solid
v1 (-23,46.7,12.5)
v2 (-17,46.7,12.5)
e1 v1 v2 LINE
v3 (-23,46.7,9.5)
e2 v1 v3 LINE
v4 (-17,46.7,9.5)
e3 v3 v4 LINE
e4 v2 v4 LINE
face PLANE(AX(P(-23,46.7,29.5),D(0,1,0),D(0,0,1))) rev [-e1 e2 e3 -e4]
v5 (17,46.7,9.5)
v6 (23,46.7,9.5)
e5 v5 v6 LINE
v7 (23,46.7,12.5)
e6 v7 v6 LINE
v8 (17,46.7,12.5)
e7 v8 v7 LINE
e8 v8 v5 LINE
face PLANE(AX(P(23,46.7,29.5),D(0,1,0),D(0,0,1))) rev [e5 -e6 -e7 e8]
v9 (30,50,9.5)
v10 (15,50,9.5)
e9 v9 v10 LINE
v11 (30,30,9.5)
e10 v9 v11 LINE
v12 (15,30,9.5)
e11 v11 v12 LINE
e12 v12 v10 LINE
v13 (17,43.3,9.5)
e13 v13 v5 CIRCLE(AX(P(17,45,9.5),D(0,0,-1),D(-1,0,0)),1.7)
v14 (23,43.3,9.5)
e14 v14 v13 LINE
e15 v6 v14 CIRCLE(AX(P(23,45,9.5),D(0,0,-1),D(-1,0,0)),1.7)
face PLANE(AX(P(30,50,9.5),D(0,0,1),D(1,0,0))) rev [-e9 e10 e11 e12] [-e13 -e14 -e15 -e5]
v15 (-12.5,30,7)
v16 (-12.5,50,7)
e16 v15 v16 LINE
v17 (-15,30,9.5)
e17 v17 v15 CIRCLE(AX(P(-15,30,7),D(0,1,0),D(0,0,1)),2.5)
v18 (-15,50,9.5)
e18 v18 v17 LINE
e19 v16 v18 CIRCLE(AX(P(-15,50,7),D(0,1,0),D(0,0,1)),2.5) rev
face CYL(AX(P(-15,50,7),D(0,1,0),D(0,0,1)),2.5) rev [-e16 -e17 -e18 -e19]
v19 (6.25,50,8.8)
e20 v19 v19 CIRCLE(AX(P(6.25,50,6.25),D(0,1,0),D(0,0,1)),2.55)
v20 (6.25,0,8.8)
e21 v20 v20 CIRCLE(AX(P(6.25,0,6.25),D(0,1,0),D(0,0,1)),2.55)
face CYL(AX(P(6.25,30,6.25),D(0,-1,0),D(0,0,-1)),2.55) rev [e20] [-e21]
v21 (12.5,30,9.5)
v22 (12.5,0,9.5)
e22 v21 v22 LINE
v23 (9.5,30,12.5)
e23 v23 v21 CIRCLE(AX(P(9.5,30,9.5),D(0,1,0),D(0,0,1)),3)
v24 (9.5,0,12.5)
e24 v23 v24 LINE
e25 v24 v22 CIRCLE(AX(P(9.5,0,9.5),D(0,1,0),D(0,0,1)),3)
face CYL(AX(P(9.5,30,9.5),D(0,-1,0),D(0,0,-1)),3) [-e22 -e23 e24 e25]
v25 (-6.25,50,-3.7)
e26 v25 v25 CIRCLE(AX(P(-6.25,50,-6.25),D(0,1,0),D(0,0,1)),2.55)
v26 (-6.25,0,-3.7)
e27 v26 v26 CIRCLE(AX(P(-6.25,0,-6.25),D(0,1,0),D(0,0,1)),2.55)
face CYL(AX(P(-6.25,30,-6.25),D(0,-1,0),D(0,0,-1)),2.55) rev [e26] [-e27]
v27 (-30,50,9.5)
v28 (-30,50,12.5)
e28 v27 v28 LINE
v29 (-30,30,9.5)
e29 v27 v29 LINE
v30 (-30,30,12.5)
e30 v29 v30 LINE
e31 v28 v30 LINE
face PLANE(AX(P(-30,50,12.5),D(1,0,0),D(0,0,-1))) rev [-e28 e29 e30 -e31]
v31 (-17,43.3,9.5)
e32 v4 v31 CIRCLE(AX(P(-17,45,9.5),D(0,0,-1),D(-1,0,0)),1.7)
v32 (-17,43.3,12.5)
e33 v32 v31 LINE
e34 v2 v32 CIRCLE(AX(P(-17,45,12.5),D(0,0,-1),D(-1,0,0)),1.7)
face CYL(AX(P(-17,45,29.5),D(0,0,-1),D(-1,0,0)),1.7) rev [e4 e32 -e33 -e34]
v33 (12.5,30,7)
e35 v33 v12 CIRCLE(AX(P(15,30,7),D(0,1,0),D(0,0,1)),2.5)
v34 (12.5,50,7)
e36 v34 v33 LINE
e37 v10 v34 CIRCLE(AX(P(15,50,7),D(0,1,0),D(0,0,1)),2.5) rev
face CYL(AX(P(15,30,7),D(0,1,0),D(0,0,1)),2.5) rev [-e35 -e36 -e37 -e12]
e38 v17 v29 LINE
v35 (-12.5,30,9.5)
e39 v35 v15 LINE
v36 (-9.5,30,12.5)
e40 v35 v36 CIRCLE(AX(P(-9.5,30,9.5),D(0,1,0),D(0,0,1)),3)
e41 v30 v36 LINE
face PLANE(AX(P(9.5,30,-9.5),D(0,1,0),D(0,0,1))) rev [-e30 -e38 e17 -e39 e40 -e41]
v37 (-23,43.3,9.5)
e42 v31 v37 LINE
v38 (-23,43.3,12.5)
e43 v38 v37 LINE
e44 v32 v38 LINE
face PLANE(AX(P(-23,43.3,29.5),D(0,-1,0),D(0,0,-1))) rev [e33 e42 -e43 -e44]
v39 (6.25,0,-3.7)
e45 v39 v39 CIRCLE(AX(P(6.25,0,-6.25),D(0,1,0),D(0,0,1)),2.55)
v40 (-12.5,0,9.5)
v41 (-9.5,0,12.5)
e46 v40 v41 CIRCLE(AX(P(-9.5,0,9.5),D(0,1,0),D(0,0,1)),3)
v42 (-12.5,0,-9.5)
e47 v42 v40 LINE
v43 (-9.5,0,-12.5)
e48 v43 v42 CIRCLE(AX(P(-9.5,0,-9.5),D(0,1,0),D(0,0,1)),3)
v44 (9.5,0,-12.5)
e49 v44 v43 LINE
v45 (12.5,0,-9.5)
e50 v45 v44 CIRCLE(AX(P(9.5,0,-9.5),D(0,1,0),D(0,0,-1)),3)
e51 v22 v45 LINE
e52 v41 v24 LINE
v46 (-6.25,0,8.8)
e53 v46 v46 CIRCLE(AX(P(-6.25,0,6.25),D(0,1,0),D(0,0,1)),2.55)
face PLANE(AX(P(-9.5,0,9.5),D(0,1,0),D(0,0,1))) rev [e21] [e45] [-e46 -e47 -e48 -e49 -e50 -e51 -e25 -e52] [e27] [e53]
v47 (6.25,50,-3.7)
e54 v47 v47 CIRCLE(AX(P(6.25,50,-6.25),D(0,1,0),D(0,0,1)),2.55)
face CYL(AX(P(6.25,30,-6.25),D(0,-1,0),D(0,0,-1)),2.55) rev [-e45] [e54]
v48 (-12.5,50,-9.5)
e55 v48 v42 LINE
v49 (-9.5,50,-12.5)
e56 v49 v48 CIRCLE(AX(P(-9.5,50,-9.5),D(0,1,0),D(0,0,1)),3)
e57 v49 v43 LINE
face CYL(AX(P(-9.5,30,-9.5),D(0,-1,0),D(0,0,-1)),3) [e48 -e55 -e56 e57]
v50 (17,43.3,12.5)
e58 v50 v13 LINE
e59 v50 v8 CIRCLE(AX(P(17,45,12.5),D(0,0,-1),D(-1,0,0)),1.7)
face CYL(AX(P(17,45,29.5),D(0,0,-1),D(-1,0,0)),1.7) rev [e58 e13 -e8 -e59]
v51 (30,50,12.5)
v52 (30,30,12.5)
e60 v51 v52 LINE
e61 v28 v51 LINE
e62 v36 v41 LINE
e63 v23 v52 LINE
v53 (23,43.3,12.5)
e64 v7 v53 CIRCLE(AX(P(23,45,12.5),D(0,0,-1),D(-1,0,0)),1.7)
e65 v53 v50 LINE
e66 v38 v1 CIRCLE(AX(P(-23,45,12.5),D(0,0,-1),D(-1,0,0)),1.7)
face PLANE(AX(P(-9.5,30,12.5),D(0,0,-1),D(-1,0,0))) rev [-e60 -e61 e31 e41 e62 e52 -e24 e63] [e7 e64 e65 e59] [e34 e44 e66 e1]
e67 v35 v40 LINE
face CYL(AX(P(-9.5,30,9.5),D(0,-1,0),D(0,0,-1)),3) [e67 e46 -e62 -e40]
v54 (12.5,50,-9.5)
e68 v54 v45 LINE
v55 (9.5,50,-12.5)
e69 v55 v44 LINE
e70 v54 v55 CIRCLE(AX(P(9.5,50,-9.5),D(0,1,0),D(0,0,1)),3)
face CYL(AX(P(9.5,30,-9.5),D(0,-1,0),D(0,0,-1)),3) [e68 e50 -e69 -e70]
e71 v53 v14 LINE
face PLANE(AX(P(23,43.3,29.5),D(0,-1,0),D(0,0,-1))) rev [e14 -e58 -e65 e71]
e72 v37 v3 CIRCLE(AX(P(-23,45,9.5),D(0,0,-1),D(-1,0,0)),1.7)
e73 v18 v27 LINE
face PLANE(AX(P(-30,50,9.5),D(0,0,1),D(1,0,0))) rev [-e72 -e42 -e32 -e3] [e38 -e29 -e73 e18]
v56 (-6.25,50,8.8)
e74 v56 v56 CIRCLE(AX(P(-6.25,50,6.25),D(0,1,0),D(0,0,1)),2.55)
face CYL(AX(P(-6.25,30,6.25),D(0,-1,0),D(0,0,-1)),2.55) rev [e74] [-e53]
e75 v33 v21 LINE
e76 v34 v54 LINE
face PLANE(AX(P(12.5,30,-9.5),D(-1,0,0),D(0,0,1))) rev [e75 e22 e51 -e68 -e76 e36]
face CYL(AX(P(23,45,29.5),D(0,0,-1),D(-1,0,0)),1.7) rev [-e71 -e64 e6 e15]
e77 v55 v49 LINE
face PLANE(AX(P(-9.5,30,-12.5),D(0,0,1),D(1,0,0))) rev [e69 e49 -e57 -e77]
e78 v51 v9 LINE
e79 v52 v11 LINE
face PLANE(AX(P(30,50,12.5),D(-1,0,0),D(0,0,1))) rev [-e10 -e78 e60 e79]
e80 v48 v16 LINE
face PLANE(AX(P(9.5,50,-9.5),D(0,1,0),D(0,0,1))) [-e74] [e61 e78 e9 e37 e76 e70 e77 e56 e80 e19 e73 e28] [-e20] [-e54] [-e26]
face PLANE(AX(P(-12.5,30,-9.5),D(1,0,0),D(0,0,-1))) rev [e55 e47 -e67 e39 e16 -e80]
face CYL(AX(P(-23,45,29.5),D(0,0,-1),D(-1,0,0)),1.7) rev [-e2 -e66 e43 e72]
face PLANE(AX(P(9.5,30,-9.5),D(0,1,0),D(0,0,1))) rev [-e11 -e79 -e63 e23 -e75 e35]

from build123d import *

# Parameters (mm, degrees)
SKETCH_1_R          = 2.55
EXTRUDE_1_DEPTH     = 30
SKETCH_2_R          = 2.55
EXTRUDE_2_DEPTH     = 20
CUT_EXTRUDE_1_DEPTH = 20
FILLET_1_R          = 2.5


with BuildPart() as part:
    # 草图1 → 凸台-拉伸1 (new body)
    with BuildSketch(Plane(origin=(0, 0, 0), x_dir=(1, 0, 0), z_dir=(0, 1, 0))):
        with BuildLine():
            Line((-9.5, 12.5), (9.5, 12.5))
            ThreePointArc((9.5, 12.5), (11.621320344, 11.621320344), (12.5, 9.5))
            Line((12.5, 9.5), (12.5, -9.5))
            ThreePointArc((12.5, -9.5), (11.621320344, -11.621320344), (9.5, -12.5))
            Line((9.5, -12.5), (-9.5, -12.5))
            ThreePointArc((-9.5, -12.5), (-11.621320344, -11.621320344), (-12.5, -9.5))
            Line((-12.5, -9.5), (-12.5, 9.5))
            ThreePointArc((-12.5, 9.5), (-11.621320344, 11.621320344), (-9.5, 12.5))
        make_face()
        with Locations(Location((6.25, 6.25, 0), (0, 0, 270))):
            Circle(SKETCH_1_R, mode=Mode.SUBTRACT)
        with Locations(Location((-6.25, 6.25, 0), (0, 0, 270))):
            Circle(SKETCH_1_R, mode=Mode.SUBTRACT)
        with Locations(Location((-6.25, -6.25, 0), (0, 0, 270))):
            Circle(SKETCH_1_R, mode=Mode.SUBTRACT)
        with Locations(Location((6.25, -6.25, 0), (0, 0, 270))):
            Circle(SKETCH_1_R, mode=Mode.SUBTRACT)
    extrude(amount=EXTRUDE_1_DEPTH)

    # 草图2 → 凸台-拉伸2 (add)
    with BuildSketch(Plane(origin=(0, 30, 0), x_dir=(1, 0, 0), z_dir=(0, 1, 0))):
        with BuildLine():
            Line((-9.5, -12.5), (-30, -12.5))
            Line((-30, -12.5), (-30, -9.5))
            Line((-30, -9.5), (-12.5, -9.5))
            Line((-12.5, -9.5), (-12.5, 9.5))
            ThreePointArc((-12.5, 9.5), (-11.621320344, 11.621320344), (-9.5, 12.5))
            Line((-9.5, 12.5), (9.5, 12.5))
            ThreePointArc((9.5, 12.5), (11.621320344, 11.621320344), (12.5, 9.5))
            Line((12.5, 9.5), (12.5, -9.5))
            Line((12.5, -9.5), (30, -9.5))
            Line((30, -9.5), (30, -12.5))
            Line((30, -12.5), (9.5, -12.5))
            Line((9.5, -12.5), (-9.5, -12.5))
        make_face()
        with Locations(Location((-6.25, 6.25, 0), (0, 0, 270))):
            Circle(SKETCH_2_R, mode=Mode.SUBTRACT)
        with Locations(Location((6.25, 6.25, 0), (0, 0, 270))):
            Circle(SKETCH_2_R, mode=Mode.SUBTRACT)
        with Locations(Location((-6.25, -6.25, 0), (0, 0, 270))):
            Circle(SKETCH_2_R, mode=Mode.SUBTRACT)
        with Locations(Location((6.25, -6.25, 0), (0, 0, 270))):
            Circle(SKETCH_2_R, mode=Mode.SUBTRACT)
    extrude(amount=EXTRUDE_2_DEPTH)

    # 草图3 → 切除-拉伸1 (cut)
    with BuildSketch(Plane(origin=(0, 0, 9.5), x_dir=(-1, 0, 0), z_dir=(0, 0, -1))):
        with BuildLine():
            Line((-23, 46.7), (-17, 46.7))
            ThreePointArc((-17, 46.7), (-15.3, 45), (-17, 43.3))
            Line((-17, 43.3), (-23, 43.3))
            ThreePointArc((-23, 43.3), (-24.7, 45), (-23, 46.7))
        make_face()
        with BuildLine():
            Line((23, 43.3), (17, 43.3))
            ThreePointArc((17, 43.3), (15.3, 45), (17, 46.7))
            Line((17, 46.7), (23, 46.7))
            ThreePointArc((23, 46.7), (24.7, 45), (23, 43.3))
        make_face()
    extrude(amount=-CUT_EXTRUDE_1_DEPTH, mode=Mode.SUBTRACT)

    # 圆角1
    fillet_1_edges = [part.edges().sort_by_distance(p)[0] for p in [
        (12.5, 40, 9.5),
        (-12.5, 40, 9.5),
    ]]
    fillet(fillet_1_edges, radius=FILLET_1_R)


solid = part.part
